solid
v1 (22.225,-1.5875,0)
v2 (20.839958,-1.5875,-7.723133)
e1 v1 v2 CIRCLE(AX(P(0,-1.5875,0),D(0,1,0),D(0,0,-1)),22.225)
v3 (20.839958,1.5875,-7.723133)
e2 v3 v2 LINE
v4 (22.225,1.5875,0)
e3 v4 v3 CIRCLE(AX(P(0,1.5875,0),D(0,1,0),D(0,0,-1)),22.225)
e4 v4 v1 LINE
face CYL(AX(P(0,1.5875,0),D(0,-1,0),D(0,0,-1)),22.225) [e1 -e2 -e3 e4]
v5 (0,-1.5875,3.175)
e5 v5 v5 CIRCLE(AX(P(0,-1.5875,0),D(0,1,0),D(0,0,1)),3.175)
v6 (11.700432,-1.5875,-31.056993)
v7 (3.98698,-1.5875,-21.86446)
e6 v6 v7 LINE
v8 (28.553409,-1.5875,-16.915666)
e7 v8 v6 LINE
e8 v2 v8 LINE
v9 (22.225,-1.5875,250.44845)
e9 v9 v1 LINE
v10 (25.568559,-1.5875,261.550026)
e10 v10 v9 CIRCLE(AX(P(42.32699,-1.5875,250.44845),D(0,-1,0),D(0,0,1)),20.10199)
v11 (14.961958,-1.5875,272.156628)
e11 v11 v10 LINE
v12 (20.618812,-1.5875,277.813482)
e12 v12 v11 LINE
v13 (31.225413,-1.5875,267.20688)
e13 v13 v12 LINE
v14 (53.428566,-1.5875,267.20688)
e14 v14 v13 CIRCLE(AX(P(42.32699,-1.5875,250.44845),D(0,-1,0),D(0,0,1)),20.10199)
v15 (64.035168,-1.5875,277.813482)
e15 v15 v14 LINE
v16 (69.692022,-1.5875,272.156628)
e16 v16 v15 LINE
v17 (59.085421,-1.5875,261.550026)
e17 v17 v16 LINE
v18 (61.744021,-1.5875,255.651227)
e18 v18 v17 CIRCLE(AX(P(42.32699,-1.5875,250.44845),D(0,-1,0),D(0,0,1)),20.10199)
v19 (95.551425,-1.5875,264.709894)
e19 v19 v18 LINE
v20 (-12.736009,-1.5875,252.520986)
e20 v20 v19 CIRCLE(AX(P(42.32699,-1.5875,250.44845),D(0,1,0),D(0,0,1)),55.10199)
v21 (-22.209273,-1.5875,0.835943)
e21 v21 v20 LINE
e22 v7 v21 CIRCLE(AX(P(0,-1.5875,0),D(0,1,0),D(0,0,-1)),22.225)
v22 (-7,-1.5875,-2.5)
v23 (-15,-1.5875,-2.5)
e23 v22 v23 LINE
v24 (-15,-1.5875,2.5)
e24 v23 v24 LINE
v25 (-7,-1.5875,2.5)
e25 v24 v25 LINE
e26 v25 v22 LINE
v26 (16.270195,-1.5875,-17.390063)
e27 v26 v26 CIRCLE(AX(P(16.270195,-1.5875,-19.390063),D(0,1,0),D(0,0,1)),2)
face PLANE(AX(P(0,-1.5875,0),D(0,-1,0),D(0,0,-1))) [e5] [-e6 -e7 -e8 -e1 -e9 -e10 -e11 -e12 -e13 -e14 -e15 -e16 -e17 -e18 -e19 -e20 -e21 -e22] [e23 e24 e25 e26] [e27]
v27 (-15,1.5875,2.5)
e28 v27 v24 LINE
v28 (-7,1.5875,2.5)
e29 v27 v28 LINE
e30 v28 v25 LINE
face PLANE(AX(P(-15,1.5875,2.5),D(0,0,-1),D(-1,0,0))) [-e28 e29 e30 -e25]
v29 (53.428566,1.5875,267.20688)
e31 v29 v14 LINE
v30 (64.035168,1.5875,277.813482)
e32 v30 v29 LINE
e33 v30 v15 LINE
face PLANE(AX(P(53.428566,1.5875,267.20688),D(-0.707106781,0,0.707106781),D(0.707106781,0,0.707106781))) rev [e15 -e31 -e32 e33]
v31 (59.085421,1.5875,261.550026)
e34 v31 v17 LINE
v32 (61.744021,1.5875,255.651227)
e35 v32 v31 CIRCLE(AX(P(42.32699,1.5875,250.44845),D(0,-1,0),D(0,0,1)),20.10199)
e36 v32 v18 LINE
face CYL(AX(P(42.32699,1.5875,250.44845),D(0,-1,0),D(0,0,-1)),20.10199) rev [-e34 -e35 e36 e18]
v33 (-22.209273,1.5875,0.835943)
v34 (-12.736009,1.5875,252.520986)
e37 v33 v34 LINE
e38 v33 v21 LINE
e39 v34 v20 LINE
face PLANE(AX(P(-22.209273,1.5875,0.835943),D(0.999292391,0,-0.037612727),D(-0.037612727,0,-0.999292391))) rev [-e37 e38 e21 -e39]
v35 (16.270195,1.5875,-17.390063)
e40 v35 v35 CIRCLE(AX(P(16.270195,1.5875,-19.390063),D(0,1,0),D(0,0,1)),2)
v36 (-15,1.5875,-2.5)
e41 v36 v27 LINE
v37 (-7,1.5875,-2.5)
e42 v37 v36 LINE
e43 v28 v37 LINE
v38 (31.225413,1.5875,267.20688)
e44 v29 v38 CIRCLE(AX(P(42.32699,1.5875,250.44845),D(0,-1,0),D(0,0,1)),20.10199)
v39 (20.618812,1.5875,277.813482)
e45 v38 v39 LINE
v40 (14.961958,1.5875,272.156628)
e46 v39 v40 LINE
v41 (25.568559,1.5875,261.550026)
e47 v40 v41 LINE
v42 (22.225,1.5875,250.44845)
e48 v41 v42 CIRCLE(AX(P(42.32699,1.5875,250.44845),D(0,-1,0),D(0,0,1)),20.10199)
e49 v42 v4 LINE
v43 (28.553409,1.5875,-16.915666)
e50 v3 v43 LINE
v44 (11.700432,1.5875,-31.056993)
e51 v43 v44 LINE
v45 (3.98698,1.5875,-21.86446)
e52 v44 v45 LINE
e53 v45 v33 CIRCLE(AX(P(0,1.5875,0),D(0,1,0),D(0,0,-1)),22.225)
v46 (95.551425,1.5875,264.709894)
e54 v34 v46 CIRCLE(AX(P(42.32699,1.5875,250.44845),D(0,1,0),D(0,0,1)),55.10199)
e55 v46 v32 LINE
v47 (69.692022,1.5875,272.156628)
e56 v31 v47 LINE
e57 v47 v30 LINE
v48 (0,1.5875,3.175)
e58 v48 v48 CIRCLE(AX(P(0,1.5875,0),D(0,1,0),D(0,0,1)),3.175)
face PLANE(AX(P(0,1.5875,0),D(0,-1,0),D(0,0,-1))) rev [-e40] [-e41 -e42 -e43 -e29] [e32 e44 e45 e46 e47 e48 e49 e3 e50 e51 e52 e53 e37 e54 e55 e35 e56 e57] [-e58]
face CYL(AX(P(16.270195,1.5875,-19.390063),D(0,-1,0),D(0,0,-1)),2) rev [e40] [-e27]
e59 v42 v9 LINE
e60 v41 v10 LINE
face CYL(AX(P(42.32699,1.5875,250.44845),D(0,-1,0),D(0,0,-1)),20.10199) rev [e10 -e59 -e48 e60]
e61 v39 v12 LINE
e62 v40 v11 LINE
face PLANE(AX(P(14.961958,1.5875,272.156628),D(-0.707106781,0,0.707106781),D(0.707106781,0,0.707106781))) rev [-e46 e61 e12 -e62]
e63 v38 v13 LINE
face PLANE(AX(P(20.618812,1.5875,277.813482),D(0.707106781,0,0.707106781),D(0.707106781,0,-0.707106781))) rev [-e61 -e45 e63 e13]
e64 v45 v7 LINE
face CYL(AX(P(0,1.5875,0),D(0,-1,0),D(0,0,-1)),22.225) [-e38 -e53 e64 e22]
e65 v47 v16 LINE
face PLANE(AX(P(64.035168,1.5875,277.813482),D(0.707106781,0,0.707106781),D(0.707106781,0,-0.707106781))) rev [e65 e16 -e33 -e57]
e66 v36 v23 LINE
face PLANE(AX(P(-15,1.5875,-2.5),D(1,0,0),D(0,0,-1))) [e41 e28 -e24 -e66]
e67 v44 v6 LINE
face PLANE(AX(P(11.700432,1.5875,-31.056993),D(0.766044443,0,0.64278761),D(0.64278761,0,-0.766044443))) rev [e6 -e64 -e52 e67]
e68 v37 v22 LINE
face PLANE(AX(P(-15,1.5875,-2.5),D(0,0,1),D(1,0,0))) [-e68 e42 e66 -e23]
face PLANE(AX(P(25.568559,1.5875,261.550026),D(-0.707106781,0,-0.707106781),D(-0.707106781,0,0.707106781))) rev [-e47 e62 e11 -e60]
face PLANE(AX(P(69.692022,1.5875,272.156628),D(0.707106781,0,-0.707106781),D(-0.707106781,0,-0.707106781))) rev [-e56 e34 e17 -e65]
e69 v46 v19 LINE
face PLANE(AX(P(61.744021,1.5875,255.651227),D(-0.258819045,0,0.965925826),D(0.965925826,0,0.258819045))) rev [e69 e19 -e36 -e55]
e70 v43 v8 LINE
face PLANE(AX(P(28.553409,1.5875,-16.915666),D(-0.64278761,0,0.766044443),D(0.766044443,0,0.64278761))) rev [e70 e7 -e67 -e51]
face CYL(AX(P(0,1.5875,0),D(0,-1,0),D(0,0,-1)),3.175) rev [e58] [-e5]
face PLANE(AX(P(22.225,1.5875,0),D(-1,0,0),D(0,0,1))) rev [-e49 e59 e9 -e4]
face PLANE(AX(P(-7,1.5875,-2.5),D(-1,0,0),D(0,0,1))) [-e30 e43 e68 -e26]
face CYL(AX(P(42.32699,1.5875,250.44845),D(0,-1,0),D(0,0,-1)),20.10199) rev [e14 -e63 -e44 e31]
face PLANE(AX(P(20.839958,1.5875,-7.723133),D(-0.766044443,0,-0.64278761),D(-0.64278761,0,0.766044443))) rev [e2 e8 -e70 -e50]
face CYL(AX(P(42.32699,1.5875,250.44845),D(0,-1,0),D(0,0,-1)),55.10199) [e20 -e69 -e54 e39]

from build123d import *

# Parameters (mm, degrees)
SKETCH1_R           = 3.175
SKETCH1_R_2         = 2
SKETCH1_W           = 8
SKETCH1_H           = 5
BOSS_EXTRUDE1_DEPTH = 1.5875


with BuildPart() as part:
    # Sketch1 → Boss-Extrude1 (new body, symmetric)
    with BuildSketch(Plane(origin=(0, 0, 0), x_dir=(1, 0, 0), z_dir=(0, 1, 0))):
        with BuildLine():
            Line((22.225, 0), (22.225, -250.448449629))
            ThreePointArc((22.225, -250.448449629), (23.079031542, -256.245526228), (25.568559237, -261.550026094))
            Line((25.568559237, -261.550026094), (14.961957519, -272.156627812))
            Line((14.961957519, -272.156627812), (20.618811769, -277.813482061))
            Line((20.618811769, -277.813482061), (31.225413487, -267.206880343))
            ThreePointArc((31.225413487, -267.206880343), (42.326989951, -270.55043958), (53.428566416, -267.206880343))
            Line((53.428566416, -267.206880343), (64.035168134, -277.813482061))
            Line((64.035168134, -277.813482061), (69.692022383, -272.156627812))
            Line((69.692022383, -272.156627812), (59.085420665, -261.550026094))
            ThreePointArc((59.085420665, -261.550026094), (60.653609073, -258.708294153), (61.744021205, -255.651227473))
            Line((61.744021205, -255.651227473), (95.551425125, -264.709894052))
            ThreePointArc((95.551425125, -264.709894052), (36.163593878, -305.204653346), (-12.736009339, -252.520985708))
            Line((-12.736009339, -252.520985708), (-22.209273391, -0.835942847))
            ThreePointArc((-22.209273391, -0.835942847), (-14.554726567, 16.796147164), (3.986980194, 21.864460065))
            Line((3.986980194, 21.864460065), (11.70043151, 31.056993382))
            Line((11.70043151, 31.056993382), (28.553409259, 16.915665969))
            Line((28.553409259, 16.915665969), (20.839957942, 7.723132652))
            ThreePointArc((20.839957942, 7.723132652), (21.875999295, 3.923172169), (22.225, 0))
        make_face()
        Circle(SKETCH1_R, mode=Mode.SUBTRACT)
        with Locations((16.270194726, 19.390063017)):
            Circle(SKETCH1_R_2, mode=Mode.SUBTRACT)
        with Locations((-11, 0)):
            Rectangle(SKETCH1_W, SKETCH1_H, mode=Mode.SUBTRACT)
    extrude(amount=BOSS_EXTRUDE1_DEPTH, both=True)


solid = part.part
